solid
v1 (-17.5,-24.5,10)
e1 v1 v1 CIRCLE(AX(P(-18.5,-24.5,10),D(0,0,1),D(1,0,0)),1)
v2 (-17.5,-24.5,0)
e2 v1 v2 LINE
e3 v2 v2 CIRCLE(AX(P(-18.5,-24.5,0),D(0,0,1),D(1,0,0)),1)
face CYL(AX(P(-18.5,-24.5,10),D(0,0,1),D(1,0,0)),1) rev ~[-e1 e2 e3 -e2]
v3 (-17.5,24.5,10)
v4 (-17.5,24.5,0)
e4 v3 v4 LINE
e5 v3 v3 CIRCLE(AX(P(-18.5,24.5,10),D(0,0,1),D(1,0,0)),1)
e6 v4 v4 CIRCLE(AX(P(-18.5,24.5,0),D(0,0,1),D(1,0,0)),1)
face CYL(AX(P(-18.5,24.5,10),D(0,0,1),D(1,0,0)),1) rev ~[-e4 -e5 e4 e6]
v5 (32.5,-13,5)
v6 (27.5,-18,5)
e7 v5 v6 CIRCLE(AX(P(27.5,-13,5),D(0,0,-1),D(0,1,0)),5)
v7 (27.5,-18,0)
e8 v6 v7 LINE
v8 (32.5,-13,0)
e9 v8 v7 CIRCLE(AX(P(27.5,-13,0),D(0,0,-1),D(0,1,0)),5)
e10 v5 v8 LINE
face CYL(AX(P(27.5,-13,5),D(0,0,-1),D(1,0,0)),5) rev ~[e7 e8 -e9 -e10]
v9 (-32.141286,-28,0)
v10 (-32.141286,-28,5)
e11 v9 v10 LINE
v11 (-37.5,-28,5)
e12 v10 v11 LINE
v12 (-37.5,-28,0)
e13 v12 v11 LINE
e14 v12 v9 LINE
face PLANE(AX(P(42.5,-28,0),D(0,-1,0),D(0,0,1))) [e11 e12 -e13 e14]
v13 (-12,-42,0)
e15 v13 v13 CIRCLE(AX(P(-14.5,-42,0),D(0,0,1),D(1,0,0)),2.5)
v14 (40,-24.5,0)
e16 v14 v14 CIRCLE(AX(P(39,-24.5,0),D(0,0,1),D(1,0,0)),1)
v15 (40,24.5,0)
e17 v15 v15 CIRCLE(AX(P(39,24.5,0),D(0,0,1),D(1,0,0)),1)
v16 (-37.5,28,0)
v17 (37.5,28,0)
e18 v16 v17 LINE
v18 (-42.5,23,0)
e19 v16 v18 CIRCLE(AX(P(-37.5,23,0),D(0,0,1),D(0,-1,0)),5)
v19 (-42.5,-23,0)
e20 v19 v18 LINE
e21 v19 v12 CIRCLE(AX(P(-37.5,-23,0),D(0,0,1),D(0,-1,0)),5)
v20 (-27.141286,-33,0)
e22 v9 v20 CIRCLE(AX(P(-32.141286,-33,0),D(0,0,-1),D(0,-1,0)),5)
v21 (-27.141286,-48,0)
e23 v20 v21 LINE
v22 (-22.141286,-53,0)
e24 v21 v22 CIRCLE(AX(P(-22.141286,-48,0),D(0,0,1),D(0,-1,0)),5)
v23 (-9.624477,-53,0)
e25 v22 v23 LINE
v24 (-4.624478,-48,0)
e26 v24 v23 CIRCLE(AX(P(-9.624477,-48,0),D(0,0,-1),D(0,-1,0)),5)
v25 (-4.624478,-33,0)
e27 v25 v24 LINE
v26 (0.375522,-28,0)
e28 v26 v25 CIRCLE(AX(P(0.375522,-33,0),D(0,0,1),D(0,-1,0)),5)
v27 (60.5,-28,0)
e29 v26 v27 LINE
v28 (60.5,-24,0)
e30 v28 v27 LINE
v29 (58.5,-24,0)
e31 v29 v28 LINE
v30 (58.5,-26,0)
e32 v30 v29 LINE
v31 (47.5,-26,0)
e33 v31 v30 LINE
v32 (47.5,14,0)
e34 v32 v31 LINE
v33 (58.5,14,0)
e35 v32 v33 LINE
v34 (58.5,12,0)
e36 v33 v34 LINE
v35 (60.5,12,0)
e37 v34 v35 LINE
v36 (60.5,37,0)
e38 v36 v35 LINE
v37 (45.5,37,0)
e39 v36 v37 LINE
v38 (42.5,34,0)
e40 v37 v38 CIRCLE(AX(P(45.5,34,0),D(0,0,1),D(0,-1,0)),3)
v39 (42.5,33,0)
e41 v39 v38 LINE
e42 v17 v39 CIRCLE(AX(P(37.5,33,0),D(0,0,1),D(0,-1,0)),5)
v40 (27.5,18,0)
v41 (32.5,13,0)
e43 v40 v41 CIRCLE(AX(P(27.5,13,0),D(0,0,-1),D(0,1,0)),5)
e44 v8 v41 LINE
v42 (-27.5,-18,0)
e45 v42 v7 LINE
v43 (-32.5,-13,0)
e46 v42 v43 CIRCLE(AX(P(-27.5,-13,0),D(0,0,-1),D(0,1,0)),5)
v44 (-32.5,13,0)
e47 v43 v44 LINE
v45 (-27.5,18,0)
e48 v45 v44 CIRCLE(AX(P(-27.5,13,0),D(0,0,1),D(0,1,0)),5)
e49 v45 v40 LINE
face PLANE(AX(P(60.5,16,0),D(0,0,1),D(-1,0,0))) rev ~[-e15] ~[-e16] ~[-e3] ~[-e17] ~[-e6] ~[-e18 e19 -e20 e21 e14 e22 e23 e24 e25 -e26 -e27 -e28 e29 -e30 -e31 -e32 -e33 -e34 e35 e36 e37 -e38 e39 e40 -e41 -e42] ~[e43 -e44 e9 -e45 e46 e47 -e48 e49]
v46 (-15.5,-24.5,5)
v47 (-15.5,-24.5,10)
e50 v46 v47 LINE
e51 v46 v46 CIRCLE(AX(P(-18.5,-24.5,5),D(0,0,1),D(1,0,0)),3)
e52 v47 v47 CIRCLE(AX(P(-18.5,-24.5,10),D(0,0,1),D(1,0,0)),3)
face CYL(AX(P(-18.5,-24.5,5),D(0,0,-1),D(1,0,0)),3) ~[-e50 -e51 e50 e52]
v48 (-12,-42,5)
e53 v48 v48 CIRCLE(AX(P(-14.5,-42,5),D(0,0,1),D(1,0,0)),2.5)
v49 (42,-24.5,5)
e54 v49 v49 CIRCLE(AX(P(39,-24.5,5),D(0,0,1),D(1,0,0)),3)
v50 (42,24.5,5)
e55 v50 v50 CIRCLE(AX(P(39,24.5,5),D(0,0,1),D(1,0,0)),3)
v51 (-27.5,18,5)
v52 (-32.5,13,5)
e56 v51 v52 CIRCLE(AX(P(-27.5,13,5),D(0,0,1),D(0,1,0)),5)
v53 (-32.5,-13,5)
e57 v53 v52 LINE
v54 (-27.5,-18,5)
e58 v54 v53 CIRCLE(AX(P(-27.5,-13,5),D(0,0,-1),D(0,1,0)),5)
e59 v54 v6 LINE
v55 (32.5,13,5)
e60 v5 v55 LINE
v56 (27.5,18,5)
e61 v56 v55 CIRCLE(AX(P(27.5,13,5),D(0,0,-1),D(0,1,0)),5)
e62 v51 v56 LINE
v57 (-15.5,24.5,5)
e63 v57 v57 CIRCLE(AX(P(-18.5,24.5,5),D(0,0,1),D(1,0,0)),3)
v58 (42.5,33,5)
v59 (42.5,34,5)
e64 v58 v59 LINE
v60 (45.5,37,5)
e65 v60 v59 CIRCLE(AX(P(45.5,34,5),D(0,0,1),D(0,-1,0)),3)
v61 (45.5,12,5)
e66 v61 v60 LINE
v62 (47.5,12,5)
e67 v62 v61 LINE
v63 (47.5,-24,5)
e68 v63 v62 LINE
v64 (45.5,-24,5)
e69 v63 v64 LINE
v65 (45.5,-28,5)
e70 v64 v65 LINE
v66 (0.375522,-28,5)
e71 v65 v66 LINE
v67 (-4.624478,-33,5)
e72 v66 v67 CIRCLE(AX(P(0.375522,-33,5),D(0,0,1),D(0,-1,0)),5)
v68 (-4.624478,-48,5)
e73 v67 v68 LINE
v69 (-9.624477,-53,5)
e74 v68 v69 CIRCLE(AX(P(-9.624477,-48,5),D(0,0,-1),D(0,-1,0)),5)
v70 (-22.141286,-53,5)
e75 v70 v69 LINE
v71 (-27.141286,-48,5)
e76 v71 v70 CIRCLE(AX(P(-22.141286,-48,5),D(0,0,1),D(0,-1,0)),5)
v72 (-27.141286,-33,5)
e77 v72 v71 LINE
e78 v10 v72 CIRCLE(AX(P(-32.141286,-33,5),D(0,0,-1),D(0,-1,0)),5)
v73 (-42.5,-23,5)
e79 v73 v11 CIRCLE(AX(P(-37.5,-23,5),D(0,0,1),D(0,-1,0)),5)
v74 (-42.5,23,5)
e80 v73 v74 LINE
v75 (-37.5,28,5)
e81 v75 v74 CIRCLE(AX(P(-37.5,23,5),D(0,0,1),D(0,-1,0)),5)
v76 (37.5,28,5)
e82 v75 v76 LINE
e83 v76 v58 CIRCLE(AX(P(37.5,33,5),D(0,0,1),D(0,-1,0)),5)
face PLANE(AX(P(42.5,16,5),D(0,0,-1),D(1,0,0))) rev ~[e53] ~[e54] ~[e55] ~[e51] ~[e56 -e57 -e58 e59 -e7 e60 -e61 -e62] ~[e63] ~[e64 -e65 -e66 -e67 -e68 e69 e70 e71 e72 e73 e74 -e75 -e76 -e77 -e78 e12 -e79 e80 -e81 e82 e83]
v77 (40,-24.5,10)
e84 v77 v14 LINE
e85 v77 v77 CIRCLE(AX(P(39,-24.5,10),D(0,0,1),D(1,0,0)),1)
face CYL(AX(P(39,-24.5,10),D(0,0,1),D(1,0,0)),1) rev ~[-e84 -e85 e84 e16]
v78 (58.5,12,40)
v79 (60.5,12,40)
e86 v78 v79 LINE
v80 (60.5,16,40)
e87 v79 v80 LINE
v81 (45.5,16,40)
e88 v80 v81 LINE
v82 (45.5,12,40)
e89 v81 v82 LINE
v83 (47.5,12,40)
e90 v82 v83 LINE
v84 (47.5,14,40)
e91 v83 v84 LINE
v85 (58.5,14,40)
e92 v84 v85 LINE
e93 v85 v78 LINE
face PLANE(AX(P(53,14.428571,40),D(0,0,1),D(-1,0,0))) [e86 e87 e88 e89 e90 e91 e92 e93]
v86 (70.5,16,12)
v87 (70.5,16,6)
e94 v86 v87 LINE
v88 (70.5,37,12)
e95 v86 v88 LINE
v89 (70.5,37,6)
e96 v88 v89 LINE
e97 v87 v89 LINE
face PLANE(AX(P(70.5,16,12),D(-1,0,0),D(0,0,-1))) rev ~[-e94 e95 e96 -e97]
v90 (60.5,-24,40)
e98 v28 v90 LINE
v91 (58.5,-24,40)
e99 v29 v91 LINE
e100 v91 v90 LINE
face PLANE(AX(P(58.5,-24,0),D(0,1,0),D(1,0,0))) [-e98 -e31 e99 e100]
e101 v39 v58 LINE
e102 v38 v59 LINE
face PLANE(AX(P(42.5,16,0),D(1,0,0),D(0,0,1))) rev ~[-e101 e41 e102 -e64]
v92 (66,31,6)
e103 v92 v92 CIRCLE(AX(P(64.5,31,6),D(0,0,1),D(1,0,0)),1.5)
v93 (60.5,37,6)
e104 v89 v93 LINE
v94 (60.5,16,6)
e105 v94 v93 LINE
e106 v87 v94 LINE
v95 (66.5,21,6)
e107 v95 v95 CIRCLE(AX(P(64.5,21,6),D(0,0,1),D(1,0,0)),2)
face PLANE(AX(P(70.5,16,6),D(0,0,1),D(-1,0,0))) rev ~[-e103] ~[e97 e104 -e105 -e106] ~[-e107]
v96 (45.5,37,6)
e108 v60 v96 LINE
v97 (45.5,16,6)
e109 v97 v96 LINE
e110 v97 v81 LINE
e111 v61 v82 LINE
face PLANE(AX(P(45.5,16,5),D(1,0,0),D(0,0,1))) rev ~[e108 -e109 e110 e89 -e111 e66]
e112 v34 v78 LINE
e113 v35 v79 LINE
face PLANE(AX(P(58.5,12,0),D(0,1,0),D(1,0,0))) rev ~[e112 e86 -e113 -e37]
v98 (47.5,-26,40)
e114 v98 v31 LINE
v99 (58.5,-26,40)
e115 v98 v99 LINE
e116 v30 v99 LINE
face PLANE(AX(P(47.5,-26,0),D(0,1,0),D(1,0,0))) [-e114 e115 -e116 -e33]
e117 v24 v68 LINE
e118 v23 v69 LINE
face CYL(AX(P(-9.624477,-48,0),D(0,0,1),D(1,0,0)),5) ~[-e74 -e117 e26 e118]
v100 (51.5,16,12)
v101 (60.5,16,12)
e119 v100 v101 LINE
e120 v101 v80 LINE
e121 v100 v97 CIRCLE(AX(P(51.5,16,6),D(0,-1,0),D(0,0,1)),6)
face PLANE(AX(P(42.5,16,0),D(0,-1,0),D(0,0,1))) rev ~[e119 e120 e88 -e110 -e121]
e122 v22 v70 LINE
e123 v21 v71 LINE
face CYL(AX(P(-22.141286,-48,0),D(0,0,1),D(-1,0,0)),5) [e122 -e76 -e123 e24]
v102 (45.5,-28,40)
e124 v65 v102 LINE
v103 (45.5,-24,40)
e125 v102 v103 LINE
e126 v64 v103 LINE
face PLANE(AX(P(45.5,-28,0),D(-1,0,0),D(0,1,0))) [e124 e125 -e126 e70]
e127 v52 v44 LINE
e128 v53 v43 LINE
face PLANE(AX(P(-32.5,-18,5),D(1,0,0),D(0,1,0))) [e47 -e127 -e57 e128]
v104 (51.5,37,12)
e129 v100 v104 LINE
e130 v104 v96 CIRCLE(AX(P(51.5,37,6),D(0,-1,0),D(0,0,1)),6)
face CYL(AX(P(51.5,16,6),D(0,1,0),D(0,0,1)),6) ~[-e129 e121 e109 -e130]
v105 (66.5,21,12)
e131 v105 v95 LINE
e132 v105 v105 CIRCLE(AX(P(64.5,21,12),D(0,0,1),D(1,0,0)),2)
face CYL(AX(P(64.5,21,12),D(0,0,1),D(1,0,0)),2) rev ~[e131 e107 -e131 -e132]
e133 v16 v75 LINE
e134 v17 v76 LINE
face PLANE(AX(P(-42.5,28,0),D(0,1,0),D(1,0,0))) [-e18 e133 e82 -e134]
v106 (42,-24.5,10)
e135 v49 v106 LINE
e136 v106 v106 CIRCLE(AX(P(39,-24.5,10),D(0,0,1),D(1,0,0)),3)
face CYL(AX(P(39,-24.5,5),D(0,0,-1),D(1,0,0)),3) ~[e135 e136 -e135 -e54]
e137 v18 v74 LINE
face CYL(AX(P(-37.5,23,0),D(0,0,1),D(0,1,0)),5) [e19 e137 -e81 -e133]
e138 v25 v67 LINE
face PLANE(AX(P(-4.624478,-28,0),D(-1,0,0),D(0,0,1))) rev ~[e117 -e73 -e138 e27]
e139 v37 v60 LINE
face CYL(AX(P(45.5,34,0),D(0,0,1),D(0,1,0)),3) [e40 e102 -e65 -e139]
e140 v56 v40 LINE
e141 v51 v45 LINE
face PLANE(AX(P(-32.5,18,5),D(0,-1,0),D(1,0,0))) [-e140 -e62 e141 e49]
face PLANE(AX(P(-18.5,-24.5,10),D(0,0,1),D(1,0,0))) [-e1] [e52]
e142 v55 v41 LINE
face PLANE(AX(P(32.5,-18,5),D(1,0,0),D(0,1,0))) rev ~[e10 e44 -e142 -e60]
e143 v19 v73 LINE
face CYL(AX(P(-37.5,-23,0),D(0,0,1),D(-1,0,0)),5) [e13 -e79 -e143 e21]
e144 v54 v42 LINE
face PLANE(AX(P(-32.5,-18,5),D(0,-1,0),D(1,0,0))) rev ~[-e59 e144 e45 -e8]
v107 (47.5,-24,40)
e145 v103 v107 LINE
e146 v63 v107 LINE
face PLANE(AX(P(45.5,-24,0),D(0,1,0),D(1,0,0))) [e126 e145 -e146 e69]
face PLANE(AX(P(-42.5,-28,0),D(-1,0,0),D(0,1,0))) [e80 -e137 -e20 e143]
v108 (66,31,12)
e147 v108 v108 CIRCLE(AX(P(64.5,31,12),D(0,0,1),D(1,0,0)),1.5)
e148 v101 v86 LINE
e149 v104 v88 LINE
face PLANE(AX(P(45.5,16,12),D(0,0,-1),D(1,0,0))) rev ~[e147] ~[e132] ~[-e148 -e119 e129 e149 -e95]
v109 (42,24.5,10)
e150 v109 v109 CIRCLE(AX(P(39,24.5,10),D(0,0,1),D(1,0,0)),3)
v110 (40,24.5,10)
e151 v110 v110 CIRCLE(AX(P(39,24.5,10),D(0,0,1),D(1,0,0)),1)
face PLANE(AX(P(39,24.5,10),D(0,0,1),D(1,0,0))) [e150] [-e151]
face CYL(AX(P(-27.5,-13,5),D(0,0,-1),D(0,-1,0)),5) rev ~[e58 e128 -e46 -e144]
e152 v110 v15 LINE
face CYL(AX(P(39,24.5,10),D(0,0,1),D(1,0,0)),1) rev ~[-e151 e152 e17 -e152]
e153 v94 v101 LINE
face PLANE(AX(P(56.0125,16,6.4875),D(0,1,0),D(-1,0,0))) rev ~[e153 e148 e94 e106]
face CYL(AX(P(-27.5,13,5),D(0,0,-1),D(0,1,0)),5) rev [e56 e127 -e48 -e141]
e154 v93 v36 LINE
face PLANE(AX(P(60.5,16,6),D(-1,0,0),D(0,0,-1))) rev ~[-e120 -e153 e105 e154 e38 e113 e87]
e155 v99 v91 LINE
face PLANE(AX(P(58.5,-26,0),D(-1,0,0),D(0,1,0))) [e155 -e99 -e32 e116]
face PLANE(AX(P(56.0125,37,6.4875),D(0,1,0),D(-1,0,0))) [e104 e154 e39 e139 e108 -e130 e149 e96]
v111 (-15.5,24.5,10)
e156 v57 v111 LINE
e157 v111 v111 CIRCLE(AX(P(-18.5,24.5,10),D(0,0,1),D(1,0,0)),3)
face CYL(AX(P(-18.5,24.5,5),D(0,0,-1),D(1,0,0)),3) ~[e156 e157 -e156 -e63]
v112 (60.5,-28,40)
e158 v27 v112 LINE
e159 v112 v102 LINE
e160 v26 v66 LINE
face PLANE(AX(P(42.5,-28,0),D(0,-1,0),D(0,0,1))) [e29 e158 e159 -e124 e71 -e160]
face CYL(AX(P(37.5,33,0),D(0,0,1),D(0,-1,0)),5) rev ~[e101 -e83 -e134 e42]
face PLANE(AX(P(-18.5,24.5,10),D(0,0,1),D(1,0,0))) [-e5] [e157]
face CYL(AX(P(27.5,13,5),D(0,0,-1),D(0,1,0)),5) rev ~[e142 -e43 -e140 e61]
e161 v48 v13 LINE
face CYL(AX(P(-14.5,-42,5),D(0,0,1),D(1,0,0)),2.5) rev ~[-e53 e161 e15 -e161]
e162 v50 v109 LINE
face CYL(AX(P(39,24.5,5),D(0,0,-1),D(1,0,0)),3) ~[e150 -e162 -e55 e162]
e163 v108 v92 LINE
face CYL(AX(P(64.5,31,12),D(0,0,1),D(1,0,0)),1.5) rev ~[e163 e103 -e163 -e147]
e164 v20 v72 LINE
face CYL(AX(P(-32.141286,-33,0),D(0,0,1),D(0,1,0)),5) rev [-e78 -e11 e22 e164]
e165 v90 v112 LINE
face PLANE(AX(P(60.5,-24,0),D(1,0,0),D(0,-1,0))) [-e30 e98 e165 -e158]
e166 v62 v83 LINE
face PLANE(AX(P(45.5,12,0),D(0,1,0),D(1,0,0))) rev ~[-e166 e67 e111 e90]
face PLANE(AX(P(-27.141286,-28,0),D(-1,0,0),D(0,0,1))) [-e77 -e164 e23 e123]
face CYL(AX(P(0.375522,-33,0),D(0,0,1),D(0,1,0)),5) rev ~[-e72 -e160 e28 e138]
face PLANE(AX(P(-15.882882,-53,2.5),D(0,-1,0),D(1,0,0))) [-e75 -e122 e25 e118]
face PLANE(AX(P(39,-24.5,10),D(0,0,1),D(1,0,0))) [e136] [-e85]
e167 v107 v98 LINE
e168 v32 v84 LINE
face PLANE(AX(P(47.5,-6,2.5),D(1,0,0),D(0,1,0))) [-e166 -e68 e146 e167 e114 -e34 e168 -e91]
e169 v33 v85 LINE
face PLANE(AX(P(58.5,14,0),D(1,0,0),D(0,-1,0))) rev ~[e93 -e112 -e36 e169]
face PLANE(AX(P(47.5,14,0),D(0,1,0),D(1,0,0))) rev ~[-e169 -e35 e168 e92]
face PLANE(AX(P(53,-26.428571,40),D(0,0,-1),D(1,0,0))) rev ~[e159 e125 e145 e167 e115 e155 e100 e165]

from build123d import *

# Parameters (mm, degrees)
SKETCH_W        = 85
SKETCH_H        = 56
PAD_DEPTH       = 5
SKETCH001_W     = 65
SKETCH001_H     = 36
POCKET_DEPTH    = 5.001
SKETCH002_R     = 3
PAD001_DEPTH    = 5
SKETCH003_R     = 1
POCKET001_DEPTH = 10.001
SKETCH004_W     = 44
SKETCH004_H     = 5
PAD002_DEPTH    = 5
PAD003_DEPTH    = 40
PAD004_DEPTH    = 21
FILLET_R        = 6
FILLET001_R     = 3
SKETCH007_W     = 22.516809
SKETCH007_H     = 5
PAD005_DEPTH    = 25
FILLET002_R     = 5
FILLET003_R     = 5
SKETCH008_R     = 2.5
POCKET002_DEPTH = 5.001
SKETCH009_R     = 1.5
SKETCH009_R_2   = 2
POCKET003_DEPTH = 12.001


with BuildPart() as part:
    # Sketch → Pad (new body)
    with BuildSketch(Plane.XY):
        Rectangle(SKETCH_W, SKETCH_H)
    extrude(amount=PAD_DEPTH)

    # Sketch001 → Pocket (cut, through all)
    with BuildSketch(Plane.XY.offset(5)):
        Rectangle(SKETCH001_W, SKETCH001_H)
    extrude(amount=-POCKET_DEPTH, mode=Mode.SUBTRACT)

    # Sketch002 → Pad001 (new body)
    with BuildSketch(Plane.XY.offset(5)):
        with Locations((39, 24.5)):
            Circle(SKETCH002_R)
        with Locations((-18.5, 24.5)):
            Circle(SKETCH002_R)
        with Locations((-18.5, -24.5)):
            Circle(SKETCH002_R)
        with Locations((39, -24.5)):
            Circle(SKETCH002_R)
    extrude(amount=PAD001_DEPTH)

    # Sketch003 → Pocket001 (cut, through all)
    with BuildSketch(Plane.XY.offset(10)):
        with Locations((-18.5, 24.5)):
            Circle(SKETCH003_R)
        with Locations((-18.5, -24.5)):
            Circle(SKETCH003_R)
        with Locations((39, 24.5)):
            Circle(SKETCH003_R)
        with Locations((39, -24.5)):
            Circle(SKETCH003_R)
    extrude(amount=-POCKET001_DEPTH, mode=Mode.SUBTRACT)

    # Sketch004 → Pad002 (new body)
    with BuildSketch(Plane.YZ.offset(42.5)):
        with Locations((-6, 2.5)):
            Rectangle(SKETCH004_W, SKETCH004_H)
    extrude(amount=PAD002_DEPTH)

    # Sketch005 → Pad003 (new body)
    with BuildSketch(Plane(origin=(0, 0, 0), x_dir=(1, 0, 0), z_dir=(0, 0, -1))):
        Polygon((45.5, 28), (45.5, 24), (47.5, 24), (47.5, 26), (58.5, 26), (58.5, 24), (60.5, 24), (60.5, 28), align=None)
        Polygon((45.5, -16), (45.5, -12), (47.5, -12), (47.5, -14), (58.5, -14), (58.5, -12), (60.5, -12), (60.5, -16), align=None)
    extrude(amount=-PAD003_DEPTH)

    # Sketch006 → Pad004 (new body)
    with BuildSketch(Plane(origin=(0, 16, 0), x_dir=(-1, 0, 0), z_dir=(0, 1, 0))):
        Polygon((-42.5, 0), (-42.5, 5), (-45.5, 5), (-45.5, 12), (-70.5, 12), (-70.5, 6), (-60.5, 6), (-60.5, 0), align=None)
    extrude(amount=PAD004_DEPTH)

    # Fillet
    fillet_edges = [part.edges().sort_by_distance(p)[0] for p in [
        (45.5, 26.5, 12),
    ]]
    fillet(fillet_edges, radius=FILLET_R)

    # Fillet001
    fillet001_edges = [part.edges().sort_by_distance(p)[0] for p in [
        (42.5, 37, 2.5),
    ]]
    fillet(fillet001_edges, radius=FILLET001_R)

    # Sketch007 → Pad005 (new body)
    with BuildSketch(Plane.XZ.offset(28)):
        with Locations((-15.882882, 2.5)):
            Rectangle(SKETCH007_W, SKETCH007_H)
    extrude(amount=PAD005_DEPTH)

    # Fillet002
    fillet002_edges = [part.edges().sort_by_distance(p)[0] for p in [
        (32.5, 18, 2.5),
        (32.5, -18, 2.5),
        (-32.5, -18, 2.5),
        (-42.5, 28, 2.5),
        (-42.5, -28, 2.5),
        (-27.141287, -28, 2.5),
        (-27.141287, -53, 2.5),
        (-4.624478, -53, 2.5),
        (-4.624478, -28, 2.5),
        (-32.5, 18, 2.5),
    ]]
    fillet(fillet002_edges, radius=FILLET002_R)

    # Fillet003
    fillet003_edges = [part.edges().sort_by_distance(p)[0] for p in [
        (42.5, 28, 2.5),
    ]]
    fillet(fillet003_edges, radius=FILLET003_R)

    # Sketch008 → Pocket002 (cut, through all)
    with BuildSketch(Plane.XY.offset(5)):
        with Locations((-14.5, -42)):
            Circle(SKETCH008_R)
    extrude(amount=-POCKET002_DEPTH, mode=Mode.SUBTRACT)

    # Sketch009 → Pocket003 (cut, through all)
    with BuildSketch(Plane.XY.offset(12)):
        with Locations((64.5, 31)):
            Circle(SKETCH009_R)
        with Locations((64.5, 21)):
            Circle(SKETCH009_R_2)
    extrude(amount=-POCKET003_DEPTH, mode=Mode.SUBTRACT)


solid = part.part
